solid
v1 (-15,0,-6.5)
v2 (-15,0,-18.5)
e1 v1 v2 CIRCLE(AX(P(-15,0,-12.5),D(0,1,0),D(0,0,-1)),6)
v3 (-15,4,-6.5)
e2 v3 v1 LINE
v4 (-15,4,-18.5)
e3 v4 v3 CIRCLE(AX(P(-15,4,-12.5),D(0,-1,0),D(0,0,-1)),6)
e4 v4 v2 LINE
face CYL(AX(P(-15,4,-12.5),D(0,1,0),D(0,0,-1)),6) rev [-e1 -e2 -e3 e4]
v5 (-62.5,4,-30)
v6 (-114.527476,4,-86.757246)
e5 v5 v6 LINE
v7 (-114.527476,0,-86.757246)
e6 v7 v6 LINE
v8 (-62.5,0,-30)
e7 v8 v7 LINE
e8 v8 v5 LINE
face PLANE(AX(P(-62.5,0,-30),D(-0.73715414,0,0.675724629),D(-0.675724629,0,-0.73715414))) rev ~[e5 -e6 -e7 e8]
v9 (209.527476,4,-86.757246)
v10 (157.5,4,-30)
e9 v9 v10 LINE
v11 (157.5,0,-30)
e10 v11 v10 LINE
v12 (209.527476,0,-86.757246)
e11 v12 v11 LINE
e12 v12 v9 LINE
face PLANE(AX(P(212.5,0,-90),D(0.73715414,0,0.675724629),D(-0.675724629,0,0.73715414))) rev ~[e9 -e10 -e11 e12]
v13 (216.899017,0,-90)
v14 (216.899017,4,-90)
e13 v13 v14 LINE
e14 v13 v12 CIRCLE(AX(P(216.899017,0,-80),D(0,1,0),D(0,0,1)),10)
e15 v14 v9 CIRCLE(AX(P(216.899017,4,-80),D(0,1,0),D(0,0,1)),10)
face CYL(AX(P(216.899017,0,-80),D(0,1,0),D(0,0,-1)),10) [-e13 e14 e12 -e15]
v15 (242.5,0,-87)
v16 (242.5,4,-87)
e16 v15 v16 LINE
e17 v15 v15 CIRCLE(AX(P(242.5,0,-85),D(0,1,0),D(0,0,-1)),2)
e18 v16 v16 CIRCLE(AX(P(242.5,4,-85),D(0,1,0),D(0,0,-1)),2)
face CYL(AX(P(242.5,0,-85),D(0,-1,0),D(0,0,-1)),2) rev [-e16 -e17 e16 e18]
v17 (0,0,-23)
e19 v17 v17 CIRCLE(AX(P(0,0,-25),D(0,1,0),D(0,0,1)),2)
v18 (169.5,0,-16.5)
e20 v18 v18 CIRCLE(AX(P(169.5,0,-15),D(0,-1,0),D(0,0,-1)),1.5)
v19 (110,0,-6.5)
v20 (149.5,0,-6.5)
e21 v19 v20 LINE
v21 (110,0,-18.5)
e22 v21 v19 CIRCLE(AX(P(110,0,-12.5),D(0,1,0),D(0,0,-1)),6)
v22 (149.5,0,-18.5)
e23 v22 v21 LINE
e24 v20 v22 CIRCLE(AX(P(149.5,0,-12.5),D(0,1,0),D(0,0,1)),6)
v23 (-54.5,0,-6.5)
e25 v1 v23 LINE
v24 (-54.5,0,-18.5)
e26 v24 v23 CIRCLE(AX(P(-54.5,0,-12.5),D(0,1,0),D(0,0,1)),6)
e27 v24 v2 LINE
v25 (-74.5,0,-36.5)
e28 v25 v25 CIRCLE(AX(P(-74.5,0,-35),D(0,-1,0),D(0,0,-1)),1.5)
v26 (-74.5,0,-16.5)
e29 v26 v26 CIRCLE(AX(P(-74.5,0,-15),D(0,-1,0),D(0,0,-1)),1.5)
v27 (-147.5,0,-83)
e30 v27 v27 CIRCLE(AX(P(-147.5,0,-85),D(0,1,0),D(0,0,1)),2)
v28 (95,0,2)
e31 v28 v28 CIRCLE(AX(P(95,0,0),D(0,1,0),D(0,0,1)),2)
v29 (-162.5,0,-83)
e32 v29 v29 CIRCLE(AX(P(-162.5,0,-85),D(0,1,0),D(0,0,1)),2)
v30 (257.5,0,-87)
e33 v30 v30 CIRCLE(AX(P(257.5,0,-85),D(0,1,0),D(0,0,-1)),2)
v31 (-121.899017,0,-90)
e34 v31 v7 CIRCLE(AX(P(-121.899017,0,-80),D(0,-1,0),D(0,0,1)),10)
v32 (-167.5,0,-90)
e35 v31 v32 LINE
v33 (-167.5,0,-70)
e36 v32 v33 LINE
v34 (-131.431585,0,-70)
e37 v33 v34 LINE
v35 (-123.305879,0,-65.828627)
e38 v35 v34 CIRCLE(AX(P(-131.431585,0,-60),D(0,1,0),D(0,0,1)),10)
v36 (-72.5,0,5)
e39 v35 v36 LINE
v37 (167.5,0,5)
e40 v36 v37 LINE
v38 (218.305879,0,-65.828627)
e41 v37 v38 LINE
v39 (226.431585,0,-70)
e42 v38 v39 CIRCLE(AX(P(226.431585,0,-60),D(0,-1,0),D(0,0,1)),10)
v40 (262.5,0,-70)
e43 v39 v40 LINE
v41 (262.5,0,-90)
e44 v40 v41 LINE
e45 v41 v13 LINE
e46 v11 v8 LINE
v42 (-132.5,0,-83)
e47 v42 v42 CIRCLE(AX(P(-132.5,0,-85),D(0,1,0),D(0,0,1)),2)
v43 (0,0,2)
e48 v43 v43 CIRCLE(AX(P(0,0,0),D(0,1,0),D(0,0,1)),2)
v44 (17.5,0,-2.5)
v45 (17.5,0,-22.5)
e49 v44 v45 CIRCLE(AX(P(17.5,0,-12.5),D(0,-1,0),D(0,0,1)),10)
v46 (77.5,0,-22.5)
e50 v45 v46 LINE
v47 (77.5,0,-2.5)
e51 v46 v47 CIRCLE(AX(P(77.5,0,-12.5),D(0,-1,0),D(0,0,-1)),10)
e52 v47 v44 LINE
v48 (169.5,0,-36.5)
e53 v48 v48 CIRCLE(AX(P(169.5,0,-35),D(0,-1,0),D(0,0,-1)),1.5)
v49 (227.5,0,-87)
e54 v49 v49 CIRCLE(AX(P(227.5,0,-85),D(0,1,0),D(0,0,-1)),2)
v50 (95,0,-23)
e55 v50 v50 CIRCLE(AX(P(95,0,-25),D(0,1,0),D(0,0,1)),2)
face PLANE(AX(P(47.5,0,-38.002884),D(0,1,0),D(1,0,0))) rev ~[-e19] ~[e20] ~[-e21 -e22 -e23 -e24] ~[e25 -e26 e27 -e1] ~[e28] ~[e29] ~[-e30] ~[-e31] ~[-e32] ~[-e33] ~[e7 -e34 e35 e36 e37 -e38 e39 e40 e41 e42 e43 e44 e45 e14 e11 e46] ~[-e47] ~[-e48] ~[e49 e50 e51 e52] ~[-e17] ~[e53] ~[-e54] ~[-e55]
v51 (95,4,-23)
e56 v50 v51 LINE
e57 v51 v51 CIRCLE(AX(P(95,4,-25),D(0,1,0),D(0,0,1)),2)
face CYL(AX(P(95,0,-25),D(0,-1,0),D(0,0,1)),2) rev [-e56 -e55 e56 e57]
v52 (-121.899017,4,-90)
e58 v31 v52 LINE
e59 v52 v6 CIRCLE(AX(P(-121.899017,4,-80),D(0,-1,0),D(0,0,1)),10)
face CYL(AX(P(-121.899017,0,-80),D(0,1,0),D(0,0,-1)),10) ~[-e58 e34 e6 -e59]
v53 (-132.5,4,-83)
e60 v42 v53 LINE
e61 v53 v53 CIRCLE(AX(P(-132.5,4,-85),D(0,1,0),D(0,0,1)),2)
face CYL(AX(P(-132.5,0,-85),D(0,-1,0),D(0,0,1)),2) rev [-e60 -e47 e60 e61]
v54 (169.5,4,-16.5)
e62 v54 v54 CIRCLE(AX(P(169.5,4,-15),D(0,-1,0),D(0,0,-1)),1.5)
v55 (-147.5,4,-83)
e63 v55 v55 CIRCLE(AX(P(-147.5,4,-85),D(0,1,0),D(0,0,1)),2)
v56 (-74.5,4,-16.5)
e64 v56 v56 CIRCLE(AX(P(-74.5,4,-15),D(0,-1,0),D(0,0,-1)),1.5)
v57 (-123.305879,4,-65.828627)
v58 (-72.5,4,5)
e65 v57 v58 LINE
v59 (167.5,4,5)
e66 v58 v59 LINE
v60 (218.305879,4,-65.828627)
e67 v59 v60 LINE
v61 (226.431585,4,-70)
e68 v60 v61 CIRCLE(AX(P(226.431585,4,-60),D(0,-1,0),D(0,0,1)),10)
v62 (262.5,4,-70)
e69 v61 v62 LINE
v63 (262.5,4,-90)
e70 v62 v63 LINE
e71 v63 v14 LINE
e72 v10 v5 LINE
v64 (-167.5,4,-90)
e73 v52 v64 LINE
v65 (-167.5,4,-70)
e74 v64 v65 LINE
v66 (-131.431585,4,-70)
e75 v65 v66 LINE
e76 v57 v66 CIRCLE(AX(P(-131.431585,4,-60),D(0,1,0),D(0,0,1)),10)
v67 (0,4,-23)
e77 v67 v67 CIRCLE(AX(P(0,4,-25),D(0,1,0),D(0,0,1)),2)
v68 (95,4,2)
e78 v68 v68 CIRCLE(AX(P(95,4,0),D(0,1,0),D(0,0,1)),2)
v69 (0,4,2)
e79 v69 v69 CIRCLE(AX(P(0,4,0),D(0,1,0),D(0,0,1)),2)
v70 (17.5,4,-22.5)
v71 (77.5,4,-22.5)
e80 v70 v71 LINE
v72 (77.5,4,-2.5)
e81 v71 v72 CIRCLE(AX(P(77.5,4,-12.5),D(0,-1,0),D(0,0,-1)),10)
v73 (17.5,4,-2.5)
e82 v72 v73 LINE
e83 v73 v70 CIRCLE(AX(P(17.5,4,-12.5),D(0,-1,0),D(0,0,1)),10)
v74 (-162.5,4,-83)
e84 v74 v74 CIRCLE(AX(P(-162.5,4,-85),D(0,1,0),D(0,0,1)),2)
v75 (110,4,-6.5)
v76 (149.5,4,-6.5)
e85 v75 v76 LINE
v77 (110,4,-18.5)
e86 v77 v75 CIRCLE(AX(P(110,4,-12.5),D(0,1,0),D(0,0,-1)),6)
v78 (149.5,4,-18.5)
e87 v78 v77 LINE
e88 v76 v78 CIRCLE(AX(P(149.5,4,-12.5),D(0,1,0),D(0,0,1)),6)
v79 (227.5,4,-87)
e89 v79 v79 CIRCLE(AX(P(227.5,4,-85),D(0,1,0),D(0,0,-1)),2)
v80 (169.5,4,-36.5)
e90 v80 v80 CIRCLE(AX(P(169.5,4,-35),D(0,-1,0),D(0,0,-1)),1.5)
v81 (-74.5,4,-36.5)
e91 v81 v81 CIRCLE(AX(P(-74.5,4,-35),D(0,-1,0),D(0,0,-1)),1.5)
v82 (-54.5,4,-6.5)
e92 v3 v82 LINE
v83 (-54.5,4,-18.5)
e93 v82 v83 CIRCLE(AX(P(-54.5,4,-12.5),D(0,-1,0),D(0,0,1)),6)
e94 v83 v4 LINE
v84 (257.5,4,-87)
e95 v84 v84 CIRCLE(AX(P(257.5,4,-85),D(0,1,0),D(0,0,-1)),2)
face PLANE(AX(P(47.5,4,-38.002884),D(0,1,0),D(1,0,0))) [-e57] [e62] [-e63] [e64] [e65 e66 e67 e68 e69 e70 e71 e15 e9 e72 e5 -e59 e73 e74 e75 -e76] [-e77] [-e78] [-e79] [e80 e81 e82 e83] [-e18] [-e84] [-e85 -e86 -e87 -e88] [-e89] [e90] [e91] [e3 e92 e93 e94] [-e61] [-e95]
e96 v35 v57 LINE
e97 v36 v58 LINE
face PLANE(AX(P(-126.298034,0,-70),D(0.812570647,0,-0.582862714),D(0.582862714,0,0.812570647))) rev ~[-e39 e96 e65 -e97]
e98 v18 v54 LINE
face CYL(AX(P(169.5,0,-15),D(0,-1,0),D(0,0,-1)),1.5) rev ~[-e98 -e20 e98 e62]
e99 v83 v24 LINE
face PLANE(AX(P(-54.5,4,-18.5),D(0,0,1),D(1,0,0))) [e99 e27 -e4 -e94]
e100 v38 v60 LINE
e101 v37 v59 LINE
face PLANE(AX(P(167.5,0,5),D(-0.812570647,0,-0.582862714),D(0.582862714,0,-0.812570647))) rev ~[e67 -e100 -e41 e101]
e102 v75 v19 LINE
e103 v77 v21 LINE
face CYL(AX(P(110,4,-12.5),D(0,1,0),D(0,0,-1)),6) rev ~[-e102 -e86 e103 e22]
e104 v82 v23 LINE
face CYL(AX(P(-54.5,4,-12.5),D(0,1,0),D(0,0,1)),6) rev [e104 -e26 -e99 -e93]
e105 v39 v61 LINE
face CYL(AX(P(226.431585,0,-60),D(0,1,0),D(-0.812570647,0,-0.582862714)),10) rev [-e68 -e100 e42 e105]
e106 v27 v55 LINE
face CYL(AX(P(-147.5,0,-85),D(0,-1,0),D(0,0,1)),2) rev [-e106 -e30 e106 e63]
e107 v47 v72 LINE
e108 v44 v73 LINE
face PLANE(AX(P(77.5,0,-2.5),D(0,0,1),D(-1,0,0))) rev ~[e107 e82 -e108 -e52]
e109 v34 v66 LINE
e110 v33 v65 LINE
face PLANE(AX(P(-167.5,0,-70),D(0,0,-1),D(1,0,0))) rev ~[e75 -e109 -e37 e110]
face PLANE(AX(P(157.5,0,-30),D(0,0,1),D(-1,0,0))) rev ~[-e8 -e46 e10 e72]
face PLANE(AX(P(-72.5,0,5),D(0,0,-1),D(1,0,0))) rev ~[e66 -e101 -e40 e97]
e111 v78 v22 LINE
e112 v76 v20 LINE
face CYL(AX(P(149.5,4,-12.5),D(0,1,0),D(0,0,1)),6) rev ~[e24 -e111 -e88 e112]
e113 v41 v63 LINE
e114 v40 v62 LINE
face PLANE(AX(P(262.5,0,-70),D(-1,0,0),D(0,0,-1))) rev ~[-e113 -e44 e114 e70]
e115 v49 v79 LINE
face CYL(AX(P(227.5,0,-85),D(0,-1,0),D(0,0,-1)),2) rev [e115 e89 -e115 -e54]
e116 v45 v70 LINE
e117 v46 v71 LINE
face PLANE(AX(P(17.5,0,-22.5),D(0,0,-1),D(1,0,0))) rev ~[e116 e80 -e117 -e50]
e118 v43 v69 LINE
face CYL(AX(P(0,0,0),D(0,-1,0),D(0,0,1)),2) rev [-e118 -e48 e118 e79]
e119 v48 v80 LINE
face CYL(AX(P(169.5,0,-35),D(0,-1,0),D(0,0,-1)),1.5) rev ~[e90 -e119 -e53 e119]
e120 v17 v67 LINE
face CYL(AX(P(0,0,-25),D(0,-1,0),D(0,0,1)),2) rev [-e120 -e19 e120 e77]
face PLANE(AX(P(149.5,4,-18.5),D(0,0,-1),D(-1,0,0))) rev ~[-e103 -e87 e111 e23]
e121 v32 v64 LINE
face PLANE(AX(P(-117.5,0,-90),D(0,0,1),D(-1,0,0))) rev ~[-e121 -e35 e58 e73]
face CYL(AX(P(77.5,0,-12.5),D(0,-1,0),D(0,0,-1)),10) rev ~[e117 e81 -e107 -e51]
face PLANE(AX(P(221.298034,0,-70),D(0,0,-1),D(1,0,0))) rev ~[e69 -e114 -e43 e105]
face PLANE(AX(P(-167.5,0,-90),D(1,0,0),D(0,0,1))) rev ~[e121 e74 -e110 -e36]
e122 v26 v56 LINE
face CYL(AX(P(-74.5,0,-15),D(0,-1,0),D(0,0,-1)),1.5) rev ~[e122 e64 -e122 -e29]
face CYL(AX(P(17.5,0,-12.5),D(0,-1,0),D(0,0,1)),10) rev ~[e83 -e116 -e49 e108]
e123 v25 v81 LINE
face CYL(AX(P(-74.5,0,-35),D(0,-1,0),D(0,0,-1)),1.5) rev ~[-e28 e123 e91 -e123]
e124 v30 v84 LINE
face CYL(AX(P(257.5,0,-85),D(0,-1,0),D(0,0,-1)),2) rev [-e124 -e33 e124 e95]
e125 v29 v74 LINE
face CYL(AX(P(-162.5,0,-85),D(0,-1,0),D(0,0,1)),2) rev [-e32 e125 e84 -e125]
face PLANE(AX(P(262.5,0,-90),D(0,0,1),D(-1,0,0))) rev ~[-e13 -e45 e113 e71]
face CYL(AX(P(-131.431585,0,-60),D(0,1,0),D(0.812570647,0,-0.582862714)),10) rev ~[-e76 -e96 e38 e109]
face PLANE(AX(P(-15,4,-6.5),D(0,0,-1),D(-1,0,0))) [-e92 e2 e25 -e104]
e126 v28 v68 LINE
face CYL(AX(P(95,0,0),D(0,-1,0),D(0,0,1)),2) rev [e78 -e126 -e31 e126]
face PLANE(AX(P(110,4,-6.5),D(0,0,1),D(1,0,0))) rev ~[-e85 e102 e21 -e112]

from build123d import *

# Parameters (mm, degrees)
SKETCH_2_R          = 2
EXTRUDE_1_DEPTH     = 4
SKETCH_3_R          = 1.5
CUT_EXTRUDE_1_DEPTH = 10
FILLET_1_R          = 10
CUT_EXTRUDE_2_DEPTH = 278.528827332


with BuildPart() as part:
    # 草图2 → 凸台-拉伸1 (new body)
    with BuildSketch(Plane(origin=(0, 0, 0), x_dir=(1, 0, 0), z_dir=(0, 1, 0))):
        Polygon((-72.5, -5), (167.5, -5), (221.298034327, 70), (262.5, 70), (262.5, 90), (212.5, 90), (157.5, 30), (-62.5, 30), (-117.5, 90), (-167.5, 90), (-167.5, 70), (-126.298034327, 70), align=None)
        with Locations(Location((0, 0, 0), (0, 0, 270))):
            Circle(SKETCH_2_R, mode=Mode.SUBTRACT)
        with Locations(Location((95, 0, 0), (0, 0, 270))):
            Circle(SKETCH_2_R, mode=Mode.SUBTRACT)
        with Locations(Location((95, 25, 0), (0, 0, 270))):
            Circle(SKETCH_2_R, mode=Mode.SUBTRACT)
        with Locations(Location((0, 25, 0), (0, 0, 270))):
            Circle(SKETCH_2_R, mode=Mode.SUBTRACT)
        with Locations(Location((-162.5, 85, 0), (0, 0, 270))):
            Circle(SKETCH_2_R, mode=Mode.SUBTRACT)
        with Locations(Location((-147.5, 85, 0), (0, 0, 270))):
            Circle(SKETCH_2_R, mode=Mode.SUBTRACT)
        with Locations(Location((-132.5, 85, 0), (0, 0, 270))):
            Circle(SKETCH_2_R, mode=Mode.SUBTRACT)
        with Locations(Location((227.5, 85, 0), (0, 0, 90))):
            Circle(SKETCH_2_R, mode=Mode.SUBTRACT)
        with Locations(Location((242.5, 85, 0), (0, 0, 90))):
            Circle(SKETCH_2_R, mode=Mode.SUBTRACT)
        with Locations(Location((257.5, 85, 0), (0, 0, 90))):
            Circle(SKETCH_2_R, mode=Mode.SUBTRACT)
        with BuildLine():
            Line((77.5, 2.5), (17.5, 2.5))
            ThreePointArc((17.5, 2.5), (7.5, 12.5), (17.5, 22.5))
            Line((17.5, 22.5), (77.5, 22.5))
            ThreePointArc((77.5, 22.5), (87.5, 12.5), (77.5, 2.5))
        make_face(mode=Mode.SUBTRACT)
    extrude(amount=EXTRUDE_1_DEPTH)

    # 草图3 → 切除-拉伸1 (cut)
    with BuildSketch(Plane.XZ):
        with Locations(Location((169.5, -35, 0), (0, 0, 270))):
            Circle(SKETCH_3_R)
        with Locations(Location((169.5, -15, 0), (0, 0, 270))):
            Circle(SKETCH_3_R)
        with Locations(Location((-74.5, -15, 0), (0, 0, 270))):
            Circle(SKETCH_3_R)
        with Locations(Location((-74.5, -35, 0), (0, 0, 270))):
            Circle(SKETCH_3_R)
    extrude(amount=-CUT_EXTRUDE_1_DEPTH, mode=Mode.SUBTRACT)

    # 圆角1
    fillet_1_edges = [part.edges().sort_by_distance(p)[0] for p in [
        (212.5, 2, -90),
        (221.298034327, 2, -70),
        (-126.298034327, 2, -70),
        (-117.5, 2, -90),
    ]]
    fillet(fillet_1_edges, radius=FILLET_1_R)

    # 草图4 → 切除-拉伸2 (cut, through all)
    with BuildSketch(Plane(origin=(0, 4, 0), x_dir=(1, 0, 0), z_dir=(0, 1, 0))):
        with BuildLine():
            Line((-54.5, 18.5), (-15, 18.5))
            ThreePointArc((-15, 18.5), (-9, 12.5), (-15, 6.5))
            Line((-15, 6.5), (-54.5, 6.5))
            ThreePointArc((-54.5, 6.5), (-60.5, 12.5), (-54.5, 18.5))
        make_face()
        with BuildLine():
            Line((149.5, 18.5), (110, 18.5))
            ThreePointArc((110, 18.5), (104, 12.5), (110, 6.5))
            Line((110, 6.5), (149.5, 6.5))
            ThreePointArc((149.5, 6.5), (155.5, 12.5), (149.5, 18.5))
        make_face()
    extrude(amount=-CUT_EXTRUDE_2_DEPTH, mode=Mode.SUBTRACT)


solid = part.part
